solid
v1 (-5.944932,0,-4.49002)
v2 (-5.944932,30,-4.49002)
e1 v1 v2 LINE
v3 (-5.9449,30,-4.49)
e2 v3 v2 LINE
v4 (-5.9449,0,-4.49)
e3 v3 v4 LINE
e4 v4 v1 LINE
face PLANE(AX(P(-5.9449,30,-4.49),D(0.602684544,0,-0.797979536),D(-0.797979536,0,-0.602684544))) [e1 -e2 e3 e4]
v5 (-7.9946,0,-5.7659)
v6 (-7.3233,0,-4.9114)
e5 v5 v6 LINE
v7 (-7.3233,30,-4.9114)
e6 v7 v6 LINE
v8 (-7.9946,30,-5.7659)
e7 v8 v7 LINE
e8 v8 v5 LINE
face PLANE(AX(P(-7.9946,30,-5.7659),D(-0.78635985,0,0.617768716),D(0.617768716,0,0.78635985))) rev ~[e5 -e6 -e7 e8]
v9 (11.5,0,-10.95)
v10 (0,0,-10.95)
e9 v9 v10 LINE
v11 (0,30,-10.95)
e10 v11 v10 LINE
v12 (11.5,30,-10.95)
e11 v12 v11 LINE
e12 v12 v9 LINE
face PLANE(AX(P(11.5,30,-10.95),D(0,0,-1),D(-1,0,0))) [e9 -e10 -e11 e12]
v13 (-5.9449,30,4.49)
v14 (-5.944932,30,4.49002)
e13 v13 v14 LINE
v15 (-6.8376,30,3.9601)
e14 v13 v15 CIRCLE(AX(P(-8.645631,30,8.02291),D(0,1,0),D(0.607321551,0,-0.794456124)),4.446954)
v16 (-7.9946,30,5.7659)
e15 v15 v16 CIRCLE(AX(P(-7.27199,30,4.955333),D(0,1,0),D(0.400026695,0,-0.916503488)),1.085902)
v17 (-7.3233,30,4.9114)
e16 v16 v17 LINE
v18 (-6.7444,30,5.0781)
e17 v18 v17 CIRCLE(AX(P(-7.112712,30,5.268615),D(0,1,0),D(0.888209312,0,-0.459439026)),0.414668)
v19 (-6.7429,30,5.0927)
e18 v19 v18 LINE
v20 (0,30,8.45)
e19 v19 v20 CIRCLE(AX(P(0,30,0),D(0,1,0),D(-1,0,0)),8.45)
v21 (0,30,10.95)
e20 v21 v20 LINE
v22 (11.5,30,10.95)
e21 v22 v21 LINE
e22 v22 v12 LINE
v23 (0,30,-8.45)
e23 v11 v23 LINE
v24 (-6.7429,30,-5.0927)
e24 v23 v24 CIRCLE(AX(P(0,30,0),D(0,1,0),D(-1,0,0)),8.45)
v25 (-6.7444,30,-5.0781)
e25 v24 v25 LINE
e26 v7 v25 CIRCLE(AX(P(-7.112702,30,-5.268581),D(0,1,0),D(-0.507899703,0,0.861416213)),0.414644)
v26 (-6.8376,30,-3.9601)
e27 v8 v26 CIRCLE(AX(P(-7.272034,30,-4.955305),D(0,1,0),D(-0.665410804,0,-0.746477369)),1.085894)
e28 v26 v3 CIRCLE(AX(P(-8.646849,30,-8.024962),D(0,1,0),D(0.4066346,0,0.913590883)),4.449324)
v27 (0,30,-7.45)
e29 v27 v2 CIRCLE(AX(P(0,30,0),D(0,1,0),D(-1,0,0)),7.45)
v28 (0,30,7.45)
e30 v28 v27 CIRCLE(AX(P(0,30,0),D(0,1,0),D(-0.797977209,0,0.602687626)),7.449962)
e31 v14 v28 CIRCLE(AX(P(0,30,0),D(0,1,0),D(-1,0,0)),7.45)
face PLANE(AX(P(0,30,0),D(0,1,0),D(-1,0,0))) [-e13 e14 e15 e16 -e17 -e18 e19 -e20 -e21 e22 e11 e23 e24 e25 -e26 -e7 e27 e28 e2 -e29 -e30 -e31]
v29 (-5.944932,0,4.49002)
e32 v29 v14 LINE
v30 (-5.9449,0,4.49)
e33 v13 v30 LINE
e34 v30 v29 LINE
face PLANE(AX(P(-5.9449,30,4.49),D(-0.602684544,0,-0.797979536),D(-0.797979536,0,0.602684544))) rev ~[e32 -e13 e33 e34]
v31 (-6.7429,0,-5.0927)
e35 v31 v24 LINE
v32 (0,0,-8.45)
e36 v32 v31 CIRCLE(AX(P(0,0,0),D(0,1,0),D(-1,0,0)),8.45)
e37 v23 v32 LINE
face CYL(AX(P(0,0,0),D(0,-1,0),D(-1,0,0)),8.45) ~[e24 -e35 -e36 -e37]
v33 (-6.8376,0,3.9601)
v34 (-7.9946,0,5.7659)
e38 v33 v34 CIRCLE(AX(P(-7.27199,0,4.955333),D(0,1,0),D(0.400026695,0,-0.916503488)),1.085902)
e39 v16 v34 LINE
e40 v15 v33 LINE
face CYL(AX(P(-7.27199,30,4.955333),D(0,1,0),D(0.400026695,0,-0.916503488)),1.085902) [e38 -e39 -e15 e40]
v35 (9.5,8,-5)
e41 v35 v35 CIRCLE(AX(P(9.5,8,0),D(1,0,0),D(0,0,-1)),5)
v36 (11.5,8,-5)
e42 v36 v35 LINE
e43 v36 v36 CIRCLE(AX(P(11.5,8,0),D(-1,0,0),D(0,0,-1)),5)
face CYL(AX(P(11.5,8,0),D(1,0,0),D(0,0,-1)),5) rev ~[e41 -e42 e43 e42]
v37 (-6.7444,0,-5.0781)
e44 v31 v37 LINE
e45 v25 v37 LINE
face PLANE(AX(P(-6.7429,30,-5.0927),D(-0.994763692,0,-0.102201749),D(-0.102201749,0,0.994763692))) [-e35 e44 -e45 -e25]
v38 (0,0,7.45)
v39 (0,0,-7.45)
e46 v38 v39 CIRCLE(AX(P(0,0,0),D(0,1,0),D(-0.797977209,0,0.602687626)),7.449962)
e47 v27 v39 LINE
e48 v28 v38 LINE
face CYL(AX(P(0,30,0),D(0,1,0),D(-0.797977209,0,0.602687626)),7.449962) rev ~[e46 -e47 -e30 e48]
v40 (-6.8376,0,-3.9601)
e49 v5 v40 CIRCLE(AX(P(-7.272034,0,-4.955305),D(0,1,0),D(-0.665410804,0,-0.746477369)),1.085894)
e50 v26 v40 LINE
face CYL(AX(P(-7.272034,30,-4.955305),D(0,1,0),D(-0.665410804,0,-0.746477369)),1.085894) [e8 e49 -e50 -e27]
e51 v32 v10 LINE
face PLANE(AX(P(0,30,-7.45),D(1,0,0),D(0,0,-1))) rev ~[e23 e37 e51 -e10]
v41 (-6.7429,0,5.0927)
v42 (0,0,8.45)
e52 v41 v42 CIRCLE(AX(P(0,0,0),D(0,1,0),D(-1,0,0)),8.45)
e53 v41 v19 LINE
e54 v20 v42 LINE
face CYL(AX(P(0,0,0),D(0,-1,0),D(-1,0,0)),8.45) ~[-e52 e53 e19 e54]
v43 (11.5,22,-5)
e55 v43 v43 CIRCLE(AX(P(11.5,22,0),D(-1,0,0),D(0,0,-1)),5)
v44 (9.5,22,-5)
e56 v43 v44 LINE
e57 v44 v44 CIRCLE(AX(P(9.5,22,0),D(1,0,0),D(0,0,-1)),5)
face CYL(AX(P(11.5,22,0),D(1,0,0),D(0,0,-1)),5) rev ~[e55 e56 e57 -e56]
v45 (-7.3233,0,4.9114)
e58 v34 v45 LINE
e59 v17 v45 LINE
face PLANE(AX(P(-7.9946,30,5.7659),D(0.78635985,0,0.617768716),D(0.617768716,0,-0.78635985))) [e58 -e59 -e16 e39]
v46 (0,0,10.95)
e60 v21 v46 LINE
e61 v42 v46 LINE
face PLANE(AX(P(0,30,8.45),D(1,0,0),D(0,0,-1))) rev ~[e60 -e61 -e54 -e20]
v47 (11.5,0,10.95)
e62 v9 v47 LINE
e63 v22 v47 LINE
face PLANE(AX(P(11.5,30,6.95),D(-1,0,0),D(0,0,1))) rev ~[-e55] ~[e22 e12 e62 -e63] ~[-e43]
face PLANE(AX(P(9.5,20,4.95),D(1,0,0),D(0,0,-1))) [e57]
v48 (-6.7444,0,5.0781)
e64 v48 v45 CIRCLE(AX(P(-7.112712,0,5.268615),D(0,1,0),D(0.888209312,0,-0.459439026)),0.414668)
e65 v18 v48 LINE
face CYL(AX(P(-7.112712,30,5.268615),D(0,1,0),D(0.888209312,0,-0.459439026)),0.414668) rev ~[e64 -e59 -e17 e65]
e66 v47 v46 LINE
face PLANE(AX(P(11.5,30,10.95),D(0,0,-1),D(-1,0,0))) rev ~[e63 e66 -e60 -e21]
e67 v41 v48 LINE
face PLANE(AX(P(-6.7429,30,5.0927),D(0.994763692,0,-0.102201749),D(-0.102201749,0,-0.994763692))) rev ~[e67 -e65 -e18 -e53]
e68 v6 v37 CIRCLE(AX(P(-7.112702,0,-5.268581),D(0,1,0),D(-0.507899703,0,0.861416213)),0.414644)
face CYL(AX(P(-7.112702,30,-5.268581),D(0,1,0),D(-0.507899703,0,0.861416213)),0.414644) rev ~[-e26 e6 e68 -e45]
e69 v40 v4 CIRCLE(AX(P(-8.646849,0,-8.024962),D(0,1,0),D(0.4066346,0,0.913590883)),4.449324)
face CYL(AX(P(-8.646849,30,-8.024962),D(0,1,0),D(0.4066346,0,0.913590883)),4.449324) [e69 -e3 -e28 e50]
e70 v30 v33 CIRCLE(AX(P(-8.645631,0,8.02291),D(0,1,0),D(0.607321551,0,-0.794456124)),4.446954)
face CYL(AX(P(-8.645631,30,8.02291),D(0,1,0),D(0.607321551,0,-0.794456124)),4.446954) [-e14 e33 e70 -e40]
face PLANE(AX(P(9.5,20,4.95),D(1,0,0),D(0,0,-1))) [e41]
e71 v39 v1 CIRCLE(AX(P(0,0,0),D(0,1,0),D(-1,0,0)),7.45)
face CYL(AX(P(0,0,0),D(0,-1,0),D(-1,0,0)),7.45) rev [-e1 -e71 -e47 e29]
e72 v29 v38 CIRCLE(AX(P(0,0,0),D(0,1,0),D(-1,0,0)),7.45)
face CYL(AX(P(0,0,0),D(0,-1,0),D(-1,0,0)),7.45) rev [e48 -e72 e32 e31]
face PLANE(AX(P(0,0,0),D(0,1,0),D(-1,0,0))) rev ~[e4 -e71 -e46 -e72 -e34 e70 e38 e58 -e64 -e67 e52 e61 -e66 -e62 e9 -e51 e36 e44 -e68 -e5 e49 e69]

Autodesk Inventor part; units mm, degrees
ref_plane "YZ Plane" through (0, 0, 0) normal (1, 0, 0) x (0, 1, 0)
ref_plane "XZ Plane" through (0, 0, 0) normal (0, 1, 0) x (-1, 0, 0)
ref_plane "XY Plane" through (0, 0, 0) normal (0, 0, 1) x (1, 0, 0)
sketch "Эскиз1" plane through (0, 0, 0) normal (0, 1, 0) x (-1, 0, 0)
  circle A0 centre (0, 0) radius 7.45
  circle A1 centre (0, 0) radius 8.45
  line L0 (0, 0) -> (6.7429, 5.0927)
  line L1 (0, 0) -> (6.7429, -5.0927)
  point P0 (5.9449, -4.49)
  point P1 (5.9449, 4.49)
  dimension "d0" = 14.9
  dimension "d1" = 16.9
extrude "Выдавливание1" add sketch "Эскиз1" along normal blind 30 contours A0 L1 A1 L0 picked at (-7.9526, 1.3085)
sketch "Эскиз2" plane through (0, 30, 0) normal (0, 1, 0) x (1, 0, 0)
  arc A0 (-5.9449, -4.49) -> (-6.8376, -3.9601) centre (-8.6463, -8.0239) ccw
  arc A1 (-6.8376, -3.9601) -> (-7.9946, -5.7659) centre (-7.272, -4.9553) ccw
  line L0 (-7.9946, -5.7659) -> (-7.3233, -4.9114)
  arc A2 (-6.7444, -5.0781) -> (-7.3233, -4.9114) centre (-7.1127, -5.2686) ccw
  line L1 (-5.9449, -4.49) -> (-6.7429, -5.0927)
  line L2 (-6.7429, -5.0927) -> (-5.9449, -4.49)
  line L3 (-6.7429, -5.0927) -> (-6.7444, -5.0781)
  line L4 (-0.0151, 0) -> (-3.489, 0)
  arc A3 (-6.8376, 3.9601) -> (-5.9449, 4.49) centre (-8.6463, 8.0239) ccw
  arc A4 (-7.3233, 4.9114) -> (-6.7444, 5.0781) centre (-7.1127, 5.2686) ccw
  line L5 (-5.9449, 4.49) -> (-6.7429, 5.0927)
  line L6 (-6.7429, 5.0927) -> (-5.9449, 4.49)
  line L7 (-6.7429, 5.0927) -> (-6.7444, 5.0781)
  arc A5 (-7.9946, 5.7659) -> (-6.8376, 3.9601) centre (-7.272, 4.9553) ccw
  line L8 (-7.9946, 5.7659) -> (-7.3233, 4.9114)
  point P0 (-5.9449, 4.49)
  point P1 (-6.7429, -5.0927)
  point P2 (-5.3694, -4.0591)
  point P3 (-6.7429, 5.0927)
  point P4 (-5.3694, 4.0591)
  point P5 (-6.7429, 5.0927)
  dimension "d25" = 1.0859
sketch "Эскиз3" plane through (0, 30, 0) normal (0, 1, 0) x (1, 0, 0)
  arc A0 (-6.7429, -5.0927) -> (-6.7429, 5.0927) centre (0, 0) ccw projected
  line L0 (11.5, -6.95) -> (11.5, 6.95)
  arc A1 (-5.9449, -4.49) -> (-5.9449, 4.49) centre (0, 0) ccw projected
  line L1 (0, -8.45) -> (0, -7.45)
  line L2 (0, 7.45) -> (0, 8.45)
  line L3 (11.5, 6.95) -> (11.5, 10.95)
  line L4 (11.5, -6.95) -> (11.5, -10.95)
  line L5 (0, 3.95) -> (0, 8.45)
  line L6 (11.5, -10.95) -> (0, -10.95)
  line L7 (0, -10.95) -> (0, -8.45)
  line L8 (11.5, 10.95) -> (0, 10.95)
  line L9 (0, 10.95) -> (0, 8.45)
  arc A2 (0, -7.45) -> (0, 7.45) centre (0, 0) ccw
  dimension "d13" = 4
  dimension "d14" = 4
  dimension "d22" = 21.9
  dimension "d23" = 3.5
extrude "Выдавливание3" add sketch "Эскиз3" against normal blind 30
ref_plane "РабПлоскость1" through (11.5, 20, 4.95) normal (1, 0, 0) x (0, 0, -1)
sketch "Эскиз4" plane through (11.5, 20, 4.95) normal (1, 0, 0) x (0, 0, -1)
  line L0 (4.95, -20) -> (4.95, 10)
  line L1 (1, 10) -> (8.9, 10) projected
  circle A0 centre (4.95, -12) radius 5
  line L2 (14.4, -20) -> (-4.5, -20) projected
  circle A1 centre (4.95, 2) radius 5
  line L3 (-4.5, 10) -> (14.4, 10) projected
  point P0 (7.3306, 10)
  point P1 (2.5694, 10)
  point P2 (4.95, 10)
  dimension "d15" = 10
  dimension "d16" = 8
  dimension "d17" = 10
  dimension "d18" = 8
extrude "Выдавливание4" cut sketch "Эскиз4" against normal blind 2
extrude "Выдавливание5" add sketch "Эскиз2" against normal blind 30
sketch "Эскиз5" plane through (0, 30, 0) normal (0, 1, 0) x (1, 0, 0)
  arc A0 (0, 8.45) -> (-6.7429, 5.0927) centre (0, 0) ccw projected
  line L0 (-6.7429, 5.0927) -> (-6.7444, 5.0781) projected
  arc A1 (-7.3233, 4.9114) -> (-6.7444, 5.0781) centre (-7.1127, 5.2686) ccw projected
  line L1 (-7.3233, 4.9114) -> (-7.9946, 5.7659) projected
  arc A2 (-7.9946, 5.7659) -> (-6.8376, 3.9601) centre (-7.272, 4.9553) ccw projected
  arc A3 (-6.8376, 3.9601) -> (-5.9449, 4.49) centre (-8.6463, 8.0239) ccw projected
  arc A4 (-5.9449, -4.49) -> (-5.9449, 4.49) centre (0, 0) ccw projected
  arc A5 (-5.9449, -4.49) -> (-6.8376, -3.9601) centre (-8.6463, -8.0239) ccw projected
  arc A6 (-6.8376, -3.9601) -> (-7.9946, -5.7659) centre (-7.272, -4.9553) ccw projected
  line L2 (-7.9946, -5.7659) -> (-7.3233, -4.9114) projected
  arc A7 (-6.7444, -5.0781) -> (-7.3233, -4.9114) centre (-7.1127, -5.2686) ccw projected
  line L3 (-6.7444, -5.0781) -> (-6.7429, -5.0927) projected
  arc A8 (-6.7429, -5.0927) -> (0, -8.45) centre (0, 0) ccw projected
  line L4 (0, -8.45) -> (0, -10.95) projected
  line L5 (0, -10.95) -> (11.5, -10.95) projected
  line L6 (11.5, -10.95) -> (11.5, 10.95) projected
  line L7 (11.5, 10.95) -> (0, 10.95) projected
  line L8 (0, 10.95) -> (0, 8.45) projected
  line L9 (0, 7.45) -> (0, 8.45)
  line L10 (0, -7.45) -> (0, -8.45)
extrude "Выдавливание6" [suppressed]
sketch "Эскиз6" plane through (11.5, 30, 10.95) normal (1, 0, 0) x (0, 0, -1)
  arc A0 (15.95, -22) -> (15.95, -22) centre (10.95, -22) ccw projected
  arc A1 (15.95, -8) -> (15.95, -8) centre (10.95, -8) ccw projected
  point P0 (10.95, -30)
extrude "Выдавливание7" [suppressed]
properties part number "крепление маркера 15мм"
